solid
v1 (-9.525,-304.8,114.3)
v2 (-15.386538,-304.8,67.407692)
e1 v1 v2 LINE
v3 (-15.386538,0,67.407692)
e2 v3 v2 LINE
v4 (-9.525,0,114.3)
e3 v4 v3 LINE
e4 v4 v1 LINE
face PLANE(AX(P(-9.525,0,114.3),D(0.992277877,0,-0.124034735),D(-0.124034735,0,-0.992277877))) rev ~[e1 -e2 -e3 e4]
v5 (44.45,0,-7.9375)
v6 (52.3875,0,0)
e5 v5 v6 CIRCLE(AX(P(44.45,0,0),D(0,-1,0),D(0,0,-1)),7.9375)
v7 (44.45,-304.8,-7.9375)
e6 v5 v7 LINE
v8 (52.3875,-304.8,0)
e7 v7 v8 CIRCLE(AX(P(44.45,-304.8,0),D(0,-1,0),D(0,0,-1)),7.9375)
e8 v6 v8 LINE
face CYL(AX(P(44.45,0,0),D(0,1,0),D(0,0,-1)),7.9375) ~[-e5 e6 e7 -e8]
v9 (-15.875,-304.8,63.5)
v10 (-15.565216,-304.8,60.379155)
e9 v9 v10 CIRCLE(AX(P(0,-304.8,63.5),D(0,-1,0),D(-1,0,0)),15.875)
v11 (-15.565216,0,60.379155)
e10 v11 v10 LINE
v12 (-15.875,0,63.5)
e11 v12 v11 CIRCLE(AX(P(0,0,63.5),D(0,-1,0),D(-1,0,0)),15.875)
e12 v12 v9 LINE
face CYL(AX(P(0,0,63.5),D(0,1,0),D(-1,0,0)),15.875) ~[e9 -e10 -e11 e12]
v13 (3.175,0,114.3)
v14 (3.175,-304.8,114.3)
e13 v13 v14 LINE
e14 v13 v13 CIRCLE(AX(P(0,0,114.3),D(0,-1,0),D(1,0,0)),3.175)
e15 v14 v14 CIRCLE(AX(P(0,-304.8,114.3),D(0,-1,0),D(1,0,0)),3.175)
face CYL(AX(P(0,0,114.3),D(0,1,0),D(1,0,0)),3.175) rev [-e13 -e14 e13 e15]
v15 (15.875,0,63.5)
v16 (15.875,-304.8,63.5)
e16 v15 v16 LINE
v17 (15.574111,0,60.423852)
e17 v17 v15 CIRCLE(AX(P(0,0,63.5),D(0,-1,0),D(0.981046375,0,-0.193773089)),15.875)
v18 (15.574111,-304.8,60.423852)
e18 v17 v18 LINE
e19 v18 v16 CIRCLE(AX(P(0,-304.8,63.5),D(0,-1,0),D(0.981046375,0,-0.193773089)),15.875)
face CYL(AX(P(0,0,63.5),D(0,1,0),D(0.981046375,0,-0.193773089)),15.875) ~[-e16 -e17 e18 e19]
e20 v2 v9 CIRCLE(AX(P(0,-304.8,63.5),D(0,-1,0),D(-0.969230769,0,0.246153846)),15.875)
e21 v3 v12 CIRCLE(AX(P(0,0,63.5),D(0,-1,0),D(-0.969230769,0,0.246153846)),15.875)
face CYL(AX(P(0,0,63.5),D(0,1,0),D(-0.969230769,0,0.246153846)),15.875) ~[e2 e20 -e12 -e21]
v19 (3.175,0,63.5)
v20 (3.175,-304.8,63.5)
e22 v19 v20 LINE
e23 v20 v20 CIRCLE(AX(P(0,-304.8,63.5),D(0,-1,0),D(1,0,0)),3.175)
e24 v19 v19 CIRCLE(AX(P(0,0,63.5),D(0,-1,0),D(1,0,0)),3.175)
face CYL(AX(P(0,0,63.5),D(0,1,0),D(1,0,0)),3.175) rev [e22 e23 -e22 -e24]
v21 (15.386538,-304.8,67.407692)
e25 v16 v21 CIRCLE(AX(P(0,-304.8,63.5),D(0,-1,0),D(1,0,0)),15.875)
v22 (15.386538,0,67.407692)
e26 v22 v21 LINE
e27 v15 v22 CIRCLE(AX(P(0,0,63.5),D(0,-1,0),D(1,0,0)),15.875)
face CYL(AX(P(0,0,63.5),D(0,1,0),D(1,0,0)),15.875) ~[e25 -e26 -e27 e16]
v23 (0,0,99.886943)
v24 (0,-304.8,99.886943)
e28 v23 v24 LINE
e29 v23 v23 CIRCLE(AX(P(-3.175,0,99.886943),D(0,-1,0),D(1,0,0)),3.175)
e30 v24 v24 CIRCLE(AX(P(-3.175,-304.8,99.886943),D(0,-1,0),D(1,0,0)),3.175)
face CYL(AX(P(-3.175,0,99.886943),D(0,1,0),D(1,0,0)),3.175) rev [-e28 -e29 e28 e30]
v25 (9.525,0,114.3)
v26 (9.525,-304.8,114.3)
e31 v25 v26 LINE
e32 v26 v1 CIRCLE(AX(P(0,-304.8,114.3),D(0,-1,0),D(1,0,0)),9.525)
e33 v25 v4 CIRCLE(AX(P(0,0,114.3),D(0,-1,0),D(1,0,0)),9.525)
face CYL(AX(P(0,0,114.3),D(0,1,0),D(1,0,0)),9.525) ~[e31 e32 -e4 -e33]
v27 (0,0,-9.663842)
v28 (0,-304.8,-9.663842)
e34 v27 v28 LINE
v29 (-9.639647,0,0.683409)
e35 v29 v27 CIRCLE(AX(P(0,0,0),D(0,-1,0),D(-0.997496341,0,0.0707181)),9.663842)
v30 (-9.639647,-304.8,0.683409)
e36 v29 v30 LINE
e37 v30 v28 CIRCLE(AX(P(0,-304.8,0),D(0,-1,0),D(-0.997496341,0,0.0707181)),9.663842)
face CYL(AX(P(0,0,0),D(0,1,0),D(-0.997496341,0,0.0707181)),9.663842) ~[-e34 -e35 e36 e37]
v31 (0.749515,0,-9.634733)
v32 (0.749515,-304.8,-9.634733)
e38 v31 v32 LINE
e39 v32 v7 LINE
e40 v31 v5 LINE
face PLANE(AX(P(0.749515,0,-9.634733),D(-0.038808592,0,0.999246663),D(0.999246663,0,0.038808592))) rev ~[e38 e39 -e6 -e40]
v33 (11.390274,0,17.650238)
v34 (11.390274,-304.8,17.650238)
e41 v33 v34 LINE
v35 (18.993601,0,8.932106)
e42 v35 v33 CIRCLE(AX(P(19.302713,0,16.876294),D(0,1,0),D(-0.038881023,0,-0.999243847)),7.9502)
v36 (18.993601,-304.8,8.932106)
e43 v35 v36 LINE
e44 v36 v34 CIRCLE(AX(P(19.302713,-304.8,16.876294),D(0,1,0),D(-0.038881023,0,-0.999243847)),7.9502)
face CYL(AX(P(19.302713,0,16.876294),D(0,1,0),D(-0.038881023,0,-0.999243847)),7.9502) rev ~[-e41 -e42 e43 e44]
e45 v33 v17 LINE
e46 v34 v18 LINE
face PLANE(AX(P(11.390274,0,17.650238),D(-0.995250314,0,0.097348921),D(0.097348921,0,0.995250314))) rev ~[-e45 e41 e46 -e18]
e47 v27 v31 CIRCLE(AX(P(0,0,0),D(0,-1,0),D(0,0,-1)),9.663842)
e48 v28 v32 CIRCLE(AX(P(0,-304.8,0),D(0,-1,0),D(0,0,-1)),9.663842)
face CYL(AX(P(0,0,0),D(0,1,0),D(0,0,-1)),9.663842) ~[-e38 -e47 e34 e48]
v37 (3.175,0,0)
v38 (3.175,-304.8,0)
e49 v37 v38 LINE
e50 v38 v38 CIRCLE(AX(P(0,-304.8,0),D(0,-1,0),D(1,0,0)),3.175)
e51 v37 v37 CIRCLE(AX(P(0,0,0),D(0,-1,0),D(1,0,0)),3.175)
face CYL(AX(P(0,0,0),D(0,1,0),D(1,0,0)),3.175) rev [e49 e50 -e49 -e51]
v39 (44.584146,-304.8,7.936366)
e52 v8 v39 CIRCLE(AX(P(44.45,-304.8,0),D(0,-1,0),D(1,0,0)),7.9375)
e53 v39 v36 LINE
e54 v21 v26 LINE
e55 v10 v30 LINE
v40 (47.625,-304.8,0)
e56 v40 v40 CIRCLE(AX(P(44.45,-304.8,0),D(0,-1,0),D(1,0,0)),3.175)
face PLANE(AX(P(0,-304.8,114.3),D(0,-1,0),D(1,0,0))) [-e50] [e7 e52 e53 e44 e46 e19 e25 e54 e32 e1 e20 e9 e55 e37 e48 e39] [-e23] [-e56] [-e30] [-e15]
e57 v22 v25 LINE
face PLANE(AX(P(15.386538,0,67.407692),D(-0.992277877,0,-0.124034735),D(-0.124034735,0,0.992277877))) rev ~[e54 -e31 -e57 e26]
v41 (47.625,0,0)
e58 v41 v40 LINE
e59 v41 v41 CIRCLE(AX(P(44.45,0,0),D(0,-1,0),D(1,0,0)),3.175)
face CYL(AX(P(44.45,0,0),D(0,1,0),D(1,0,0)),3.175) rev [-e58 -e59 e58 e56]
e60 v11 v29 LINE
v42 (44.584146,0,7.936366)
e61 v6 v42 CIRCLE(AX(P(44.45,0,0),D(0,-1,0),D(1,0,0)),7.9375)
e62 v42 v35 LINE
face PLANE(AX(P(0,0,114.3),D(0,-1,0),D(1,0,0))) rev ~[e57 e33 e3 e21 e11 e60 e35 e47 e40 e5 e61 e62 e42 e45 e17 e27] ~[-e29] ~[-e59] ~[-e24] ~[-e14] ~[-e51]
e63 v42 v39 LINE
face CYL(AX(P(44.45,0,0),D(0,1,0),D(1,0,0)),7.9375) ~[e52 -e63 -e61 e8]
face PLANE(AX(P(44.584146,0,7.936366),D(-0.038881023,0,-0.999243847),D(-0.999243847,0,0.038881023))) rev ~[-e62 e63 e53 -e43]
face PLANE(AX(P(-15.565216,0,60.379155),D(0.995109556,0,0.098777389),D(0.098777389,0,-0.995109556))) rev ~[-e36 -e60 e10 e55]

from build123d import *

# Parameters (mm, degrees)
F0_R     = 3.175
F1_DEPTH = 304.8


with BuildPart() as f1:
    # F0 (on Front) → F1 (new body)
    with BuildSketch(Plane.XZ):
        with BuildLine():
            ThreePointArc((-9.525, 114.3), (0, 104.775), (9.525, 114.3))
            ThreePointArc((9.525, 114.3), (0, 123.825), (-9.525, 114.3))
        make_face()
        with Locations((0, 114.3)):
            Circle(F0_R, mode=Mode.SUBTRACT)
        with BuildLine():
            Line((15.3865384615, 67.4076923077), (9.525, 114.3))
            ThreePointArc((9.525, 114.3), (0, 104.775), (-9.525, 114.3))
            Line((-9.525, 114.3), (-15.3865384615, 67.4076923077))
            ThreePointArc((-15.3865384615, 67.4076923077), (0, 79.375), (15.3865384615, 67.4076923077))
        make_face()
        with Locations((-3.175, 99.886942851)):
            Circle(F0_R, mode=Mode.SUBTRACT)
        with BuildLine():
            Line((15.875, 63.5), (15.3865384615, 67.4076923077))
            ThreePointArc((15.3865384615, 67.4076923077), (0, 79.375), (-15.3865384615, 67.4076923077))
            Line((-15.3865384615, 67.4076923077), (-15.875, 63.5))
            Line((-15.875, 63.5), (-15.5652161214, 60.3791552277))
            ThreePointArc((-15.5652161214, 60.3791552277), (0.0227867429, 47.6250163539), (15.5741112031, 60.4238522089))
            Line((15.5741112031, 60.4238522089), (15.875, 63.5))
        make_face()
        with Locations((0, 63.5)):
            Circle(F0_R, mode=Mode.SUBTRACT)
        with BuildLine():
            ThreePointArc((15.875, 63.5), (15.7524112928, 65.4690514116), (15.3865384615, 67.4076923077))
            Line((15.3865384615, 67.4076923077), (15.875, 63.5))
        make_face()
        with BuildLine():
            Line((-15.875, 63.5), (-15.3865384615, 67.4076923077))
            ThreePointArc((-15.3865384615, 67.4076923077), (-15.7524112928, 65.4690514116), (-15.875, 63.5))
        make_face()
        with BuildLine():
            ThreePointArc((15.5741112031, 60.4238522089), (15.7995987346, 61.9545858726), (15.875, 63.5))
            Line((15.875, 63.5), (15.5741112031, 60.4238522089))
        make_face()
        with BuildLine():
            Line((-15.5652161214, 60.3791552277), (-15.875, 63.5))
            ThreePointArc((-15.875, 63.5), (-15.7973641936, 61.9319089516), (-15.5652161214, 60.3791552277))
        make_face()
        with BuildLine():
            Line((11.3902740501, 17.6502376701), (15.5741112031, 60.4238522089))
            ThreePointArc((15.5741112031, 60.4238522089), (0.0227867429, 47.6250163539), (-15.5652161214, 60.3791552277))
            Line((-15.5652161214, 60.3791552277), (-9.6396474759, 0.683408579))
            ThreePointArc((-9.6396474759, 0.683408579), (0.3419183682, 9.6577918064), (9.6638424421, 0))
            ThreePointArc((9.6638424421, 0), (7.0934141051, -6.5630272801), (0.7495151779, -9.6347328839))
            Line((0.7495151779, -9.6347328839), (44.45, -7.9375))
            ThreePointArc((44.45, -7.9375), (36.5127834119, 0.0670752079), (44.584145626, 7.9363663727))
            Line((44.584145626, 7.9363663727), (18.9936011902, 8.9321058415))
            ThreePointArc((18.9936011902, 8.9321058415), (13.311058011, 11.650803927), (11.3902740501, 17.6502376701))
        make_face()
        with BuildLine():
            ThreePointArc((9.6638424421, 0), (0.3419183682, 9.6577918064), (-9.6396474759, 0.683408579))
            ThreePointArc((-9.6396474759, 0.683408579), (-7.0708628744, -6.5873172808), (0, -9.6638424421))
            Line((0, -9.6638424421), (0.7495151779, -9.6347328839))
            ThreePointArc((0.7495151779, -9.6347328839), (7.0934141051, -6.5630272801), (9.6638424421, 0))
        make_face()
        Circle(F0_R, mode=Mode.SUBTRACT)
        with BuildLine():
            Line((0.7495151779, -9.6347328839), (0, -9.6638424421))
            ThreePointArc((0, -9.6638424421), (0.3750401206, -9.6565623104), (0.7495151779, -9.6347328839))
        make_face()
        with BuildLine():
            ThreePointArc((52.3875, 0), (50.1098890076, 5.5650303388), (44.584145626, 7.9363663727))
            ThreePointArc((44.584145626, 7.9363663727), (36.5127834119, 0.0670752079), (44.45, -7.9375))
            ThreePointArc((44.45, -7.9375), (50.0626600757, -5.6126600757), (52.3875, 0))
        make_face()
        with Locations((44.45, 0)):
            Circle(F0_R, mode=Mode.SUBTRACT)
    extrude(amount=F1_DEPTH)


solid = f1.part
